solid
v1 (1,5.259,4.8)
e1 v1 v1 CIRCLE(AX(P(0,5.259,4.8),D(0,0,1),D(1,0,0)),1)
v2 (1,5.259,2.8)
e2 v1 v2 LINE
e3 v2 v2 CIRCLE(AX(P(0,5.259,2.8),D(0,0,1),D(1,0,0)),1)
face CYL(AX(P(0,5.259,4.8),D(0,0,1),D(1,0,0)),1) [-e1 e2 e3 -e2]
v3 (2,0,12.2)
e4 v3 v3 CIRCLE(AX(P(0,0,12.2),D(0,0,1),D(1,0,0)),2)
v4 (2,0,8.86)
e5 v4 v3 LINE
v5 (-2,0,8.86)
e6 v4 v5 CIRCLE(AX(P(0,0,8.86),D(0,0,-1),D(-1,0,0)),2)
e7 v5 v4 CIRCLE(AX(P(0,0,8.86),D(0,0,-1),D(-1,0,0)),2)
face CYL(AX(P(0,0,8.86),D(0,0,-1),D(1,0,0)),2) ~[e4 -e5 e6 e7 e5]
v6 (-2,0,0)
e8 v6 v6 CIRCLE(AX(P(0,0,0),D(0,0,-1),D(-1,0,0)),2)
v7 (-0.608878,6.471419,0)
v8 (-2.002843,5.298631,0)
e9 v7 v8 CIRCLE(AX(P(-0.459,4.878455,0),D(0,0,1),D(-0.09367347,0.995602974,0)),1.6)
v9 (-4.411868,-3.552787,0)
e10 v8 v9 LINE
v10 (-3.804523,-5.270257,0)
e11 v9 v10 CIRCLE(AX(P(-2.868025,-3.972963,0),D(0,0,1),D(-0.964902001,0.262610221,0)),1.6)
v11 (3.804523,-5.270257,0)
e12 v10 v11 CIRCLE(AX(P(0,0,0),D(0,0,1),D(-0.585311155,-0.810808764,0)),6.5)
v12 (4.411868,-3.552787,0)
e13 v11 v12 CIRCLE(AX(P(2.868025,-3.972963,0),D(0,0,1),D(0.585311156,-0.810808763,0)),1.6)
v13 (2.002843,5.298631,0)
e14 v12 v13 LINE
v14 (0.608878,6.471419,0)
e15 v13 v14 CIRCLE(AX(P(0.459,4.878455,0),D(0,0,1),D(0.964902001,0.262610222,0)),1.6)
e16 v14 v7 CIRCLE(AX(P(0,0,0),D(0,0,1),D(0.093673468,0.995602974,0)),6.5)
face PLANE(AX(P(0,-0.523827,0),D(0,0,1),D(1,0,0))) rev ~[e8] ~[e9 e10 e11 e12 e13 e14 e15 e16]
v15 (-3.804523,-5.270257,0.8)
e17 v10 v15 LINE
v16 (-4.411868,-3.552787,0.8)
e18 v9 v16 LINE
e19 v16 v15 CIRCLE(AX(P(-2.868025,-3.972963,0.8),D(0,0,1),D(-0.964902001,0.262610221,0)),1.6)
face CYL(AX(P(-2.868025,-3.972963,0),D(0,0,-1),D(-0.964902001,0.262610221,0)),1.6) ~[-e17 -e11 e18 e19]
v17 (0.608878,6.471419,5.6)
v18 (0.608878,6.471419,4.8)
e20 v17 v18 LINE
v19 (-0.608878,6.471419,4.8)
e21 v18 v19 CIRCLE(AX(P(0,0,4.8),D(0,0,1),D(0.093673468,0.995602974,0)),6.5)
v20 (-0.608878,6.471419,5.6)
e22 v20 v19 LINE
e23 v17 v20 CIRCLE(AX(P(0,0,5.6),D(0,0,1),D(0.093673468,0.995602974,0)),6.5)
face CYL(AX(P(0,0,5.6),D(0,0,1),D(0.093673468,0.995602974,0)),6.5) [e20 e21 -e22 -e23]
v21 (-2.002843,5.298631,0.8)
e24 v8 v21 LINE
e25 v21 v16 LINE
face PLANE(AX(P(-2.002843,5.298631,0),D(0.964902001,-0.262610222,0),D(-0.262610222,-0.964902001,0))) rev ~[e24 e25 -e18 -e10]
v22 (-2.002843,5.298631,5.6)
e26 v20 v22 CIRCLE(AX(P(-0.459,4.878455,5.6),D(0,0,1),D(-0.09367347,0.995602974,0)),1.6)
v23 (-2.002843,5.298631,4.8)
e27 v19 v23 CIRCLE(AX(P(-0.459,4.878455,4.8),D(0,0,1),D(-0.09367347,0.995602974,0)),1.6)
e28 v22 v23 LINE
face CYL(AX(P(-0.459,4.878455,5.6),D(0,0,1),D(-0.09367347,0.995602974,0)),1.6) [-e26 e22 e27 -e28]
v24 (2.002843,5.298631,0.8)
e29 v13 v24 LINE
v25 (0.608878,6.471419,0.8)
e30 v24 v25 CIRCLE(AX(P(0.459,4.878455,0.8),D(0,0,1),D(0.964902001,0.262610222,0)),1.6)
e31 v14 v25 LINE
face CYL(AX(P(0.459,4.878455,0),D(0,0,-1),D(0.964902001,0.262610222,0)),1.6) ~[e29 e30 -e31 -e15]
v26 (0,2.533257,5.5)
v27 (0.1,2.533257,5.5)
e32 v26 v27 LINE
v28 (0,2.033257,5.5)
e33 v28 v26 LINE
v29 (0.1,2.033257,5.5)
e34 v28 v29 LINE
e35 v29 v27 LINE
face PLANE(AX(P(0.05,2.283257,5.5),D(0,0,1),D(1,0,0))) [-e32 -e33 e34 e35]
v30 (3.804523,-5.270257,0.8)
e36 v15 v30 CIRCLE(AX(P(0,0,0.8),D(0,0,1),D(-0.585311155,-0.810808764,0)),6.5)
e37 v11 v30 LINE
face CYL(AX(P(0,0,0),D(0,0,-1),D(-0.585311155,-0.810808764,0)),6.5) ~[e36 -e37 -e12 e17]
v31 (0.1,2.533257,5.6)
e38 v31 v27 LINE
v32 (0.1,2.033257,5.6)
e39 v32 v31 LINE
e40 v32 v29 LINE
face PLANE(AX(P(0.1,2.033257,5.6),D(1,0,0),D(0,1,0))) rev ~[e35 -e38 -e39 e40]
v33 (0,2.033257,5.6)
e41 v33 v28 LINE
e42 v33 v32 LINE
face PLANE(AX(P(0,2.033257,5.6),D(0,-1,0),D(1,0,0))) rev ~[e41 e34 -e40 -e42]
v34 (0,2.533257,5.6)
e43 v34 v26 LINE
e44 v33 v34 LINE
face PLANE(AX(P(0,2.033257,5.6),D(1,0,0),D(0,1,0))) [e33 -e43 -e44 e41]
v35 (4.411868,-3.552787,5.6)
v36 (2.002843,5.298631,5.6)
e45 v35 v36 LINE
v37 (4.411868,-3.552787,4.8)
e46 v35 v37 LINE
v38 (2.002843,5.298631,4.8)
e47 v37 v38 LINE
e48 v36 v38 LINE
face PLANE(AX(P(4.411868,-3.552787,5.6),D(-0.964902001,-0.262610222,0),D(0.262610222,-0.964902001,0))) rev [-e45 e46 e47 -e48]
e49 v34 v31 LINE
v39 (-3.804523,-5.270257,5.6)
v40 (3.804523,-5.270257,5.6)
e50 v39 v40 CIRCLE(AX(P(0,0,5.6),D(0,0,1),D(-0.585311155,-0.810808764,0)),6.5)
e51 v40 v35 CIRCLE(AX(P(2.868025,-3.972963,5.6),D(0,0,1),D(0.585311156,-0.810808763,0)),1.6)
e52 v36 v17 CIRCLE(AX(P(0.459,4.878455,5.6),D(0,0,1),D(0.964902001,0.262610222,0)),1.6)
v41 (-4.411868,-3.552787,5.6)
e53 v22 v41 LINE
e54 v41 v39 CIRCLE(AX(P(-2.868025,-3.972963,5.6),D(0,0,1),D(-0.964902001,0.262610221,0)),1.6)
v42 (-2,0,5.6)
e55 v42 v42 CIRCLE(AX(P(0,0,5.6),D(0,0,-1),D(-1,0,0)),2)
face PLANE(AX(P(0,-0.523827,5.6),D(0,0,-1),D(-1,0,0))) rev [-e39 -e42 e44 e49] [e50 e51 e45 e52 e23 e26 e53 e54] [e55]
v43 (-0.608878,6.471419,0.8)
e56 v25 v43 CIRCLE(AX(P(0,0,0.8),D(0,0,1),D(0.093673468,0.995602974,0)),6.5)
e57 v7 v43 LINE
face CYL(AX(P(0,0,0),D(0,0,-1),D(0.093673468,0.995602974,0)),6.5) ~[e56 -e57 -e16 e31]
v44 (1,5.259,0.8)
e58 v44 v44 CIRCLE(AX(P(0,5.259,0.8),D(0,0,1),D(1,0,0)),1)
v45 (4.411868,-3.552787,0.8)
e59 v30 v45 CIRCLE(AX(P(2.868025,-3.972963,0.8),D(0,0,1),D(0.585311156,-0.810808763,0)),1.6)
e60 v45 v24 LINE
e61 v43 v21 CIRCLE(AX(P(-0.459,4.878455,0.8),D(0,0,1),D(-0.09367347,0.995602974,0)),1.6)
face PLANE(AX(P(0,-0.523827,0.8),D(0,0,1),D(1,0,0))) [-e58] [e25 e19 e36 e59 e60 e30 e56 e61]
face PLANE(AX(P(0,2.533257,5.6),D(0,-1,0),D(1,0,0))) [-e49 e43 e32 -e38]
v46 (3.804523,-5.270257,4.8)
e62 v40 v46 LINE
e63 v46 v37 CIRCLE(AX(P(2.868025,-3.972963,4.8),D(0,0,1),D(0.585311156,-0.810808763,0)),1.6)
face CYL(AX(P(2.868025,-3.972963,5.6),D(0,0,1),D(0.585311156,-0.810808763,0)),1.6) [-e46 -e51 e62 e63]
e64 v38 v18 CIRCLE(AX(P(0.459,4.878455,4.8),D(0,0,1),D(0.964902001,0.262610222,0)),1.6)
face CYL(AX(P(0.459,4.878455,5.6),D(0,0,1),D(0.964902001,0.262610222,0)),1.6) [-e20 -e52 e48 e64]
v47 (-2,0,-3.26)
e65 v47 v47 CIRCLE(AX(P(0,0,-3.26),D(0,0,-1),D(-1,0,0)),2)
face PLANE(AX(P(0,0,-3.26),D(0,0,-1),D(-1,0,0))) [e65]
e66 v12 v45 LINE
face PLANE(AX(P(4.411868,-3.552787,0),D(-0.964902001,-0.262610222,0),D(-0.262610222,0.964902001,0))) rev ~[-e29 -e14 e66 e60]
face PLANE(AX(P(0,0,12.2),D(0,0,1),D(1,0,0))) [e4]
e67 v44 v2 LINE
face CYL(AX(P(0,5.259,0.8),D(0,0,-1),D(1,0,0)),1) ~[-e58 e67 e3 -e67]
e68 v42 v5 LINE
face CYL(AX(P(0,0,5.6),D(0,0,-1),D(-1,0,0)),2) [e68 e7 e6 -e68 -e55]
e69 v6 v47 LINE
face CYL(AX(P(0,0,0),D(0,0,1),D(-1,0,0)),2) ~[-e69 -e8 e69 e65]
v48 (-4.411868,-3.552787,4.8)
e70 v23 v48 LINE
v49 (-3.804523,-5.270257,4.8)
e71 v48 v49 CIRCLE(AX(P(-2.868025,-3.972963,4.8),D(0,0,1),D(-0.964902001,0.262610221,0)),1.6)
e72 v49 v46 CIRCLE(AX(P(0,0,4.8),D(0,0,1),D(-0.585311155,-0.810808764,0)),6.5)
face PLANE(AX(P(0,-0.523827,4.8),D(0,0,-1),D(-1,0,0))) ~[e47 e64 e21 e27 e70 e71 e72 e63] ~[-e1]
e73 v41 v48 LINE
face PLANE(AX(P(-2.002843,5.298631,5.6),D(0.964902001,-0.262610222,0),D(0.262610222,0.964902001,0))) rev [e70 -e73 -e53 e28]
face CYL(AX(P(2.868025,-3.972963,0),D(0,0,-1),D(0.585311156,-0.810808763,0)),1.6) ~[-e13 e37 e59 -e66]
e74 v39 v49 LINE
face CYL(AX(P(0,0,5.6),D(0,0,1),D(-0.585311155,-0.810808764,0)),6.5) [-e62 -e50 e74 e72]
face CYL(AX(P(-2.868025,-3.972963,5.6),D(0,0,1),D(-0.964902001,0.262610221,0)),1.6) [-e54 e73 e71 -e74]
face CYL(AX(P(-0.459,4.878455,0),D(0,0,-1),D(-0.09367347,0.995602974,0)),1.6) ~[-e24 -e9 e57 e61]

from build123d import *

# Parameters (mm, degrees)
BOSS_EXTRUDE1_DEPTH = 0.8
SKETCH2_R           = 1
BOSS_EXTRUDE2_DEPTH = 2
SKETCH3_R           = 2
BOSS_EXTRUDE3_DEPTH = 3.26
SKETCH4_R           = 2
BOSS_EXTRUDE4_DEPTH = 3.34
SKETCH6_W           = 0.1
SKETCH6_H           = 0.5
CUT_EXTRUDE2_DEPTH  = 0.1


with BuildPart() as part:
    # Sketch1 → Boss-Extrude1 (new body)
    with BuildSketch(Plane.XY):
        with BuildLine():
            Line((-2.002843202, 5.298630925), (-4.411867861, -3.552786589))
            ThreePointArc((-4.411867861, -3.552786589), (-4.376483825, -4.506396112), (-3.804522508, -5.270256966))
            ThreePointArc((-3.804522508, -5.270256966), (0, -6.5), (3.804522508, -5.270256966))
            ThreePointArc((3.804522508, -5.270256966), (4.376483825, -4.506396112), (4.411867861, -3.552786589))
            Line((4.411867861, -3.552786589), (2.002843202, 5.298630925))
            ThreePointArc((2.002843202, 5.298630925), (1.489063424, 6.102778606), (0.608877551, 6.471419329))
            ThreePointArc((0.608877551, 6.471419329), (0, 6.5), (-0.608877551, 6.471419329))
            ThreePointArc((-0.608877551, 6.471419329), (-1.489063424, 6.102778606), (-2.002843202, 5.298630925))
        make_face()
    extrude(amount=BOSS_EXTRUDE1_DEPTH)

    # Sketch2 → Boss-Extrude2 (add)
    with BuildSketch(Plane.XY.offset(0.8)):
        with Locations((0, 5.259)):
            Circle(SKETCH2_R)
    extrude(amount=BOSS_EXTRUDE2_DEPTH)

    # Sketch3 → Boss-Extrude3 (add)
    with BuildSketch(Plane(origin=(0, 0, 0), x_dir=(-1, 0, 0), z_dir=(0, 0, -1))):
        Circle(SKETCH3_R)
    extrude(amount=BOSS_EXTRUDE3_DEPTH)

    # Mirror3: part across plane


with BuildPart() as part_1:
    add(part.part)
    add(part.part.mirror(Plane(origin=(0, 5.259, 2.8), x_dir=(1, 0, 0), z_dir=(0, 0, 1))))

    # Sketch4 → Boss-Extrude4 (add)
    with BuildSketch(Plane.XY.offset(8.86)):
        Circle(SKETCH4_R)
    extrude(amount=BOSS_EXTRUDE4_DEPTH)

    # Sketch6 → Cut-Extrude2 (cut)
    with BuildSketch(Plane.XY.offset(5.6)):
        with Locations((0.05, 2.283256651)):
            Rectangle(SKETCH6_W, SKETCH6_H)
    extrude(amount=-CUT_EXTRUDE2_DEPTH, mode=Mode.SUBTRACT)


solid = part_1.part
